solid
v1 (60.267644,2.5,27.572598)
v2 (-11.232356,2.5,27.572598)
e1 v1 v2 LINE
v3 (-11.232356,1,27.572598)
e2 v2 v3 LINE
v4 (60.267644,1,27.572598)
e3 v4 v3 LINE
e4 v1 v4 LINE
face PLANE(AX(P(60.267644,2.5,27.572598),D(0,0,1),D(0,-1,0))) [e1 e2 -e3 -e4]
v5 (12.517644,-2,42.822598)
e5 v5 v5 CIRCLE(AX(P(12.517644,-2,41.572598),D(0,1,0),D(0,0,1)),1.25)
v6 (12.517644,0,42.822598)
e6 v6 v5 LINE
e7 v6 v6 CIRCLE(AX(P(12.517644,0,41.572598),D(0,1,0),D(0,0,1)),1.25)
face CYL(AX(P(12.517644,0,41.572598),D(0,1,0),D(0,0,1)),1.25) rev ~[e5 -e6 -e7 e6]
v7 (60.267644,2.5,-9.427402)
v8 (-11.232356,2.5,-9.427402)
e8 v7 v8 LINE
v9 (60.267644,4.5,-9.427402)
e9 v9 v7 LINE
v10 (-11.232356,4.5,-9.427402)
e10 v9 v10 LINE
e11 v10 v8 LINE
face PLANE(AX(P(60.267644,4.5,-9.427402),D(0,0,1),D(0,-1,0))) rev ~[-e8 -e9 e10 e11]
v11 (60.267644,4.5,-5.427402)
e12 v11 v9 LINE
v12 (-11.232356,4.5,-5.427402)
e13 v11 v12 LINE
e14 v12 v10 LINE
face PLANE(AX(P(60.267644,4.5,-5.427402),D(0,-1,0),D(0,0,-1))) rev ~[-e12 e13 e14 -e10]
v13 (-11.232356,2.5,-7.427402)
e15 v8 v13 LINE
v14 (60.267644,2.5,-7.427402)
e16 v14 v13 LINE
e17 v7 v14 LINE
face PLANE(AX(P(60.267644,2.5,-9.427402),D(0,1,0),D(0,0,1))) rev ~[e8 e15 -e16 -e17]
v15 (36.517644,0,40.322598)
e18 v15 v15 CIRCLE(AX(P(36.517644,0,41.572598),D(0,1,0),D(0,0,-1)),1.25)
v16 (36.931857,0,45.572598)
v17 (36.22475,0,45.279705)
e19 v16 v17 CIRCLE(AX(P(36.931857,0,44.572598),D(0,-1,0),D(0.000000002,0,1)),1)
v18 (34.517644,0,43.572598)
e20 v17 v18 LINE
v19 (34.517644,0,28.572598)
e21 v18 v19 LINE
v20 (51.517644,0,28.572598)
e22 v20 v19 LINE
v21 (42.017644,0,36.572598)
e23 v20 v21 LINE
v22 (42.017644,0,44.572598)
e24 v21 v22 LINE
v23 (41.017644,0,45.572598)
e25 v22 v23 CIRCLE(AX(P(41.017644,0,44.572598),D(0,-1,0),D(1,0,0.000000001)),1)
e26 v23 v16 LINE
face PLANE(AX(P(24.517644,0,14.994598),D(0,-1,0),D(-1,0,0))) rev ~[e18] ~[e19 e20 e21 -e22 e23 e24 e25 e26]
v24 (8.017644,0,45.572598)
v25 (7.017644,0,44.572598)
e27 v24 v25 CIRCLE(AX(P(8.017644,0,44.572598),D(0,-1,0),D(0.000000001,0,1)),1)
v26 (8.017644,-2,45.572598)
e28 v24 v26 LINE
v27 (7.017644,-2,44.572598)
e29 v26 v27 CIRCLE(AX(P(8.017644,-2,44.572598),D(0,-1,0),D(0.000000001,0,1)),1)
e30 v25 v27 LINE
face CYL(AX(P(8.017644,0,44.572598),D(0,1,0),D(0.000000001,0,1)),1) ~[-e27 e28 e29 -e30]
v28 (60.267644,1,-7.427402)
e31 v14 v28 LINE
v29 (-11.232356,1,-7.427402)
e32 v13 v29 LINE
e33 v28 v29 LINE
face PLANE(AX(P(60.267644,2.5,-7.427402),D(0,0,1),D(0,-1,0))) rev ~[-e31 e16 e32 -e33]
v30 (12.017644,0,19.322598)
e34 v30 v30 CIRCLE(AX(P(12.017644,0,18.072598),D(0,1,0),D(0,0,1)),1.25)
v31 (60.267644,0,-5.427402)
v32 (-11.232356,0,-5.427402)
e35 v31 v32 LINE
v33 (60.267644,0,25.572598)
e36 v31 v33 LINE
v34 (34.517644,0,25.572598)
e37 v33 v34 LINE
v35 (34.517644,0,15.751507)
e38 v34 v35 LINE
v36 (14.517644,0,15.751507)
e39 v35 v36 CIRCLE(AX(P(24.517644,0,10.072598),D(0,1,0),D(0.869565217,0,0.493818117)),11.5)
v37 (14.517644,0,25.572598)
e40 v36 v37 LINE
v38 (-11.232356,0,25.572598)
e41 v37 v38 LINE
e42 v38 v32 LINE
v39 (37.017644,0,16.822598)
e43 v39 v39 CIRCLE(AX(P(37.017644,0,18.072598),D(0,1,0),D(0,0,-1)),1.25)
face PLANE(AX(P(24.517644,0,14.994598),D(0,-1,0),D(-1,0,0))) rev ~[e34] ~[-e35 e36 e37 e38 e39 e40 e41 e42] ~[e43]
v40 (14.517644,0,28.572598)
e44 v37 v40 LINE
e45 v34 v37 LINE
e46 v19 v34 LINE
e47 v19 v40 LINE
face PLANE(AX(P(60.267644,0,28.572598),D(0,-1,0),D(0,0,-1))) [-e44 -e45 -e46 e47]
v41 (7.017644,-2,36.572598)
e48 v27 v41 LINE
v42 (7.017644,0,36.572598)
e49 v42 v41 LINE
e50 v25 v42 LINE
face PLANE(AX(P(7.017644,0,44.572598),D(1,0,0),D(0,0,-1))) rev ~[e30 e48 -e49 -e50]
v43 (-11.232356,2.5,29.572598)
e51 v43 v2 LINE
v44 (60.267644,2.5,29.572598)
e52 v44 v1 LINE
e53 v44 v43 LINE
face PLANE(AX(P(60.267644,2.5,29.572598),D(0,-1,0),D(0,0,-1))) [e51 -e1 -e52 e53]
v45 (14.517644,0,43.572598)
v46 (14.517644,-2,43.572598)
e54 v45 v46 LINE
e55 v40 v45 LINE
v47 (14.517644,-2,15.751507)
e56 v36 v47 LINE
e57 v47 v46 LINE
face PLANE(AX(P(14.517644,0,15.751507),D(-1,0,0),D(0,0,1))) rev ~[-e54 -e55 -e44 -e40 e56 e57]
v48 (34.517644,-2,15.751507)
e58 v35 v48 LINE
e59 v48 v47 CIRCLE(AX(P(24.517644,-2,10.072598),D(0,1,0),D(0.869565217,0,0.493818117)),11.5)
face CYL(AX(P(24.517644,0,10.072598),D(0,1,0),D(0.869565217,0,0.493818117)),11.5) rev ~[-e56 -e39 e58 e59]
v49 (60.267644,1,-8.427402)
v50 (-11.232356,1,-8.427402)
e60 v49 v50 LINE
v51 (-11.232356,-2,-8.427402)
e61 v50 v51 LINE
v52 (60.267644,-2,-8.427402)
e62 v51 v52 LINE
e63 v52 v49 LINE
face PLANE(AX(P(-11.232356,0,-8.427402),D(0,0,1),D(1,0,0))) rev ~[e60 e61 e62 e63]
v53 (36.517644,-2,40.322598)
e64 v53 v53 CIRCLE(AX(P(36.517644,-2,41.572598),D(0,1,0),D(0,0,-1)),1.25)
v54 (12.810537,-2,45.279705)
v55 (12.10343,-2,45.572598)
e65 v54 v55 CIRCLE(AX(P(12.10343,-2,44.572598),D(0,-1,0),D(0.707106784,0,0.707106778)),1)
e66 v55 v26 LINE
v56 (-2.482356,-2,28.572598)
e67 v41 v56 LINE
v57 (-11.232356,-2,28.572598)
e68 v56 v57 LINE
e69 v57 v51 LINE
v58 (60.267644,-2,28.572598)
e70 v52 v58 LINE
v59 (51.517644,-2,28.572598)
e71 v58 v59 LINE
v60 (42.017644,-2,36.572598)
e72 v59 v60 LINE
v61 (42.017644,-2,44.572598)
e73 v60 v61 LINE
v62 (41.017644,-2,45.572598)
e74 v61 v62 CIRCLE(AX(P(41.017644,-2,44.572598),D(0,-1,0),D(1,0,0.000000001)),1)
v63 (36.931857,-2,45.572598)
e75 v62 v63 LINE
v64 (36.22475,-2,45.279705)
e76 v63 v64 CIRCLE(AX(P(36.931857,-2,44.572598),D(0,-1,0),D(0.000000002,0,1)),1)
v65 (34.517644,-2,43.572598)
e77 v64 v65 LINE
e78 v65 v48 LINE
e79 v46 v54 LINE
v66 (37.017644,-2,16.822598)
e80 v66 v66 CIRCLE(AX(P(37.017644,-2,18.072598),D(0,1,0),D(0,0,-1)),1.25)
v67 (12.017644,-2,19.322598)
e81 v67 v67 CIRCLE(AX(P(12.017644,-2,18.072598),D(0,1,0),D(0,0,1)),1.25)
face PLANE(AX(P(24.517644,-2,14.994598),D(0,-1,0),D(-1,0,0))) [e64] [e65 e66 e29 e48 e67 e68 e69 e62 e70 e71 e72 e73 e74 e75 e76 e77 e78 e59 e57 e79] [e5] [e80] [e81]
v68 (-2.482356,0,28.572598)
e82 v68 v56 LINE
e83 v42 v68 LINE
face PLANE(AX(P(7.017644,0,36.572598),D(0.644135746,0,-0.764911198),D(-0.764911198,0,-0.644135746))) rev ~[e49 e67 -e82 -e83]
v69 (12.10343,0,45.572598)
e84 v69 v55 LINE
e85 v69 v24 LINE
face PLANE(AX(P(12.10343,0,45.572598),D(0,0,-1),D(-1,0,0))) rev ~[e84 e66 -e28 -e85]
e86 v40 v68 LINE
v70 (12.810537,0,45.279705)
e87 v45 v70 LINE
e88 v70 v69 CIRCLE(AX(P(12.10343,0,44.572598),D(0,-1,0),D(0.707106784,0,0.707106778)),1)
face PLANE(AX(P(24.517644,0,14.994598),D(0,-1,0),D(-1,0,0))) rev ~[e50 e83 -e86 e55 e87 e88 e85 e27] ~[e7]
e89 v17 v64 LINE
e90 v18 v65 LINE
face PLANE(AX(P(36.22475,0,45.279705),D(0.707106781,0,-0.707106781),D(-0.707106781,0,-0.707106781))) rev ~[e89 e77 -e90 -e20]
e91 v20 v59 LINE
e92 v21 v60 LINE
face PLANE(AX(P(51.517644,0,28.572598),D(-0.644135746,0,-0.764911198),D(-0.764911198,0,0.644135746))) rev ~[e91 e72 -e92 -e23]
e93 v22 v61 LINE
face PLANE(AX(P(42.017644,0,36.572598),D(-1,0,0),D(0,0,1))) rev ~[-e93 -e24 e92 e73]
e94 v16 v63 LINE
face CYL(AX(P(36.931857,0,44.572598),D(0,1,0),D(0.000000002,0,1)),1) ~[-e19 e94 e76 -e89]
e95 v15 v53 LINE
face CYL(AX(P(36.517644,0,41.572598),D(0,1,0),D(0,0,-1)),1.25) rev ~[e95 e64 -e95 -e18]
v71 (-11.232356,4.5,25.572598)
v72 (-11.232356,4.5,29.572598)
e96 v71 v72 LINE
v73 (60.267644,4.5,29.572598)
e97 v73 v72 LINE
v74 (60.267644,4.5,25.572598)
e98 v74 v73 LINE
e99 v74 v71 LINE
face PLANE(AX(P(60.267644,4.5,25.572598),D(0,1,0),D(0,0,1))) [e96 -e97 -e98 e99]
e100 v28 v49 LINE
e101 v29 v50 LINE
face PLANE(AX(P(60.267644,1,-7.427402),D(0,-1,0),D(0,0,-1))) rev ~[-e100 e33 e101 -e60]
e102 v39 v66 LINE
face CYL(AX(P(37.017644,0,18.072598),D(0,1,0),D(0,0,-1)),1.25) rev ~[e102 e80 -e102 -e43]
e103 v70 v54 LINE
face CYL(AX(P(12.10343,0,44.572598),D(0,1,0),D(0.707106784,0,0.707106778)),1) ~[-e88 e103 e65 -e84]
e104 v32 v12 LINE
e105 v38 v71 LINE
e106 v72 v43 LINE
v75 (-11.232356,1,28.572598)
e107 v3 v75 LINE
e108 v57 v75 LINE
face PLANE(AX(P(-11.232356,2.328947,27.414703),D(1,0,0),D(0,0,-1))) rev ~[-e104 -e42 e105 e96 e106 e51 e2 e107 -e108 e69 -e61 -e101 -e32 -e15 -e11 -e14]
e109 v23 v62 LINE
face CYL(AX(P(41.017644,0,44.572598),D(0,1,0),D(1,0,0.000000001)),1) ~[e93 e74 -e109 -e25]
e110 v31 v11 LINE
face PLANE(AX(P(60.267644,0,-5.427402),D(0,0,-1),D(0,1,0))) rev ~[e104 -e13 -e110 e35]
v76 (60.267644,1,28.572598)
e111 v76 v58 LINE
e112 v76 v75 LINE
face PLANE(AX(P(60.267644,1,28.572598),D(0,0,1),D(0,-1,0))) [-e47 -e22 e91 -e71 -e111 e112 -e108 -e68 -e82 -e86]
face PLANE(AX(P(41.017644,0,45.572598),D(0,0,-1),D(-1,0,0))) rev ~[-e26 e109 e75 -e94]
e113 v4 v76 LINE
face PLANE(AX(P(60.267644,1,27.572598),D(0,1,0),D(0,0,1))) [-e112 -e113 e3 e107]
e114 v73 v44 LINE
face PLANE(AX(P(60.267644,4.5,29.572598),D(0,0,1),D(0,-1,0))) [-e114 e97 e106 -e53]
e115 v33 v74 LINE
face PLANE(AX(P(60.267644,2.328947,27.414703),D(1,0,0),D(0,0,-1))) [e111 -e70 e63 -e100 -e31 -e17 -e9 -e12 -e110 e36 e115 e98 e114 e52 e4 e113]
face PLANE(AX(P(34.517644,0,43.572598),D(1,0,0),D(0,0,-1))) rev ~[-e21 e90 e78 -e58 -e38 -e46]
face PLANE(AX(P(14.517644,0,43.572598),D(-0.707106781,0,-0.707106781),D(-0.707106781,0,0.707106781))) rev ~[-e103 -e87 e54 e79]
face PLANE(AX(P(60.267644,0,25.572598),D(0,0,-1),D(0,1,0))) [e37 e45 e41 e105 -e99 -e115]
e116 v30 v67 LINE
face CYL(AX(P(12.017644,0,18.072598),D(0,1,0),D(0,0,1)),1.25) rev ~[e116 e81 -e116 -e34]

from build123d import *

# Parameters (mm, degrees)
CROQUIS1_R              = 1.25
SALIENTE_EXTRUIR1_DEPTH = 2
SALIENTE_EXTRUIR2_DEPTH = 71.5


with BuildPart() as part:
    # Croquis1 → Saliente-Extruir1 (new body)
    with BuildSketch(Plane(origin=(0, 0, 0), x_dir=(1, 0, 0), z_dir=(0, 1, 0))):
        with BuildLine():
            Line((36.224750286, -45.279704968), (34.517643505, -43.572598187))
            Line((34.517643505, -43.572598187), (34.517643505, -15.751506533))
            ThreePointArc((34.517643505, -15.751506533), (24.517643505, 1.427401813), (14.517643505, -15.751506533))
            Line((14.517643505, -15.751506533), (14.517643505, -43.572598187))
            Line((14.517643505, -43.572598187), (12.810536723, -45.279704968))
            ThreePointArc((12.810536723, -45.279704968), (12.486113375, -45.49647772), (12.103429942, -45.572598187))
            Line((12.103429942, -45.572598187), (8.017643505, -45.572598187))
            ThreePointArc((8.017643505, -45.572598187), (7.310536723, -45.279704968), (7.017643505, -44.572598187))
            Line((7.017643505, -44.572598187), (7.017643505, -36.572598187))
            Line((7.017643505, -36.572598187), (-2.482356495, -28.572598187))
            Line((-2.482356495, -28.572598187), (-11.232356495, -28.572598187))
            Line((-11.232356495, -28.572598187), (-11.232356495, 8.427401813))
            Line((-11.232356495, 8.427401813), (60.267643505, 8.427401813))
            Line((60.267643505, 8.427401813), (60.267643505, -28.572598187))
            Line((60.267643505, -28.572598187), (51.517643505, -28.572598187))
            Line((51.517643505, -28.572598187), (42.017643505, -36.572598187))
            Line((42.017643505, -36.572598187), (42.017643505, -44.572598187))
            ThreePointArc((42.017643505, -44.572598187), (41.724750286, -45.279704968), (41.017643505, -45.572598187))
            Line((41.017643505, -45.572598187), (36.931857067, -45.572598187))
            ThreePointArc((36.931857067, -45.572598187), (36.549173635, -45.49647772), (36.224750286, -45.279704968))
        make_face()
        with Locations(Location((37.017643505, -18.072598187, 0), (0, 0, 90))):
            Circle(CROQUIS1_R, mode=Mode.SUBTRACT)
        with Locations(Location((36.517643505, -41.572598187, 0), (0, 0, 90))):
            Circle(CROQUIS1_R, mode=Mode.SUBTRACT)
        with Locations(Location((12.517643505, -41.572598187, 0), (0, 0, 270))):
            Circle(CROQUIS1_R, mode=Mode.SUBTRACT)
        with Locations(Location((12.017643505, -18.072598187, 0), (0, 0, 270))):
            Circle(CROQUIS1_R, mode=Mode.SUBTRACT)
    extrude(amount=-SALIENTE_EXTRUIR1_DEPTH)

    # Croquis3 → Saliente-Extruir2 (add)
    with BuildSketch(Plane(origin=(60.267643505, 0, 0), x_dir=(0, 0, -1), z_dir=(1, 0, 0))):
        Polygon((-25.572598187, 0), (-25.572598187, 4.5), (-29.572598187, 4.5), (-29.572598187, 2.5), (-27.572598187, 2.5), (-27.572598187, 1), (-28.572598187, 1), (-28.572598187, 0), align=None)
        Polygon((5.427401813, 4.5), (9.427401813, 4.5), (9.427401813, 2.5), (7.427401813, 2.5), (7.427401813, 1), (8.427401813, 1), (8.427401813, 0), (5.427401813, 0), align=None)
    extrude(amount=-SALIENTE_EXTRUIR2_DEPTH)


solid = part.part
